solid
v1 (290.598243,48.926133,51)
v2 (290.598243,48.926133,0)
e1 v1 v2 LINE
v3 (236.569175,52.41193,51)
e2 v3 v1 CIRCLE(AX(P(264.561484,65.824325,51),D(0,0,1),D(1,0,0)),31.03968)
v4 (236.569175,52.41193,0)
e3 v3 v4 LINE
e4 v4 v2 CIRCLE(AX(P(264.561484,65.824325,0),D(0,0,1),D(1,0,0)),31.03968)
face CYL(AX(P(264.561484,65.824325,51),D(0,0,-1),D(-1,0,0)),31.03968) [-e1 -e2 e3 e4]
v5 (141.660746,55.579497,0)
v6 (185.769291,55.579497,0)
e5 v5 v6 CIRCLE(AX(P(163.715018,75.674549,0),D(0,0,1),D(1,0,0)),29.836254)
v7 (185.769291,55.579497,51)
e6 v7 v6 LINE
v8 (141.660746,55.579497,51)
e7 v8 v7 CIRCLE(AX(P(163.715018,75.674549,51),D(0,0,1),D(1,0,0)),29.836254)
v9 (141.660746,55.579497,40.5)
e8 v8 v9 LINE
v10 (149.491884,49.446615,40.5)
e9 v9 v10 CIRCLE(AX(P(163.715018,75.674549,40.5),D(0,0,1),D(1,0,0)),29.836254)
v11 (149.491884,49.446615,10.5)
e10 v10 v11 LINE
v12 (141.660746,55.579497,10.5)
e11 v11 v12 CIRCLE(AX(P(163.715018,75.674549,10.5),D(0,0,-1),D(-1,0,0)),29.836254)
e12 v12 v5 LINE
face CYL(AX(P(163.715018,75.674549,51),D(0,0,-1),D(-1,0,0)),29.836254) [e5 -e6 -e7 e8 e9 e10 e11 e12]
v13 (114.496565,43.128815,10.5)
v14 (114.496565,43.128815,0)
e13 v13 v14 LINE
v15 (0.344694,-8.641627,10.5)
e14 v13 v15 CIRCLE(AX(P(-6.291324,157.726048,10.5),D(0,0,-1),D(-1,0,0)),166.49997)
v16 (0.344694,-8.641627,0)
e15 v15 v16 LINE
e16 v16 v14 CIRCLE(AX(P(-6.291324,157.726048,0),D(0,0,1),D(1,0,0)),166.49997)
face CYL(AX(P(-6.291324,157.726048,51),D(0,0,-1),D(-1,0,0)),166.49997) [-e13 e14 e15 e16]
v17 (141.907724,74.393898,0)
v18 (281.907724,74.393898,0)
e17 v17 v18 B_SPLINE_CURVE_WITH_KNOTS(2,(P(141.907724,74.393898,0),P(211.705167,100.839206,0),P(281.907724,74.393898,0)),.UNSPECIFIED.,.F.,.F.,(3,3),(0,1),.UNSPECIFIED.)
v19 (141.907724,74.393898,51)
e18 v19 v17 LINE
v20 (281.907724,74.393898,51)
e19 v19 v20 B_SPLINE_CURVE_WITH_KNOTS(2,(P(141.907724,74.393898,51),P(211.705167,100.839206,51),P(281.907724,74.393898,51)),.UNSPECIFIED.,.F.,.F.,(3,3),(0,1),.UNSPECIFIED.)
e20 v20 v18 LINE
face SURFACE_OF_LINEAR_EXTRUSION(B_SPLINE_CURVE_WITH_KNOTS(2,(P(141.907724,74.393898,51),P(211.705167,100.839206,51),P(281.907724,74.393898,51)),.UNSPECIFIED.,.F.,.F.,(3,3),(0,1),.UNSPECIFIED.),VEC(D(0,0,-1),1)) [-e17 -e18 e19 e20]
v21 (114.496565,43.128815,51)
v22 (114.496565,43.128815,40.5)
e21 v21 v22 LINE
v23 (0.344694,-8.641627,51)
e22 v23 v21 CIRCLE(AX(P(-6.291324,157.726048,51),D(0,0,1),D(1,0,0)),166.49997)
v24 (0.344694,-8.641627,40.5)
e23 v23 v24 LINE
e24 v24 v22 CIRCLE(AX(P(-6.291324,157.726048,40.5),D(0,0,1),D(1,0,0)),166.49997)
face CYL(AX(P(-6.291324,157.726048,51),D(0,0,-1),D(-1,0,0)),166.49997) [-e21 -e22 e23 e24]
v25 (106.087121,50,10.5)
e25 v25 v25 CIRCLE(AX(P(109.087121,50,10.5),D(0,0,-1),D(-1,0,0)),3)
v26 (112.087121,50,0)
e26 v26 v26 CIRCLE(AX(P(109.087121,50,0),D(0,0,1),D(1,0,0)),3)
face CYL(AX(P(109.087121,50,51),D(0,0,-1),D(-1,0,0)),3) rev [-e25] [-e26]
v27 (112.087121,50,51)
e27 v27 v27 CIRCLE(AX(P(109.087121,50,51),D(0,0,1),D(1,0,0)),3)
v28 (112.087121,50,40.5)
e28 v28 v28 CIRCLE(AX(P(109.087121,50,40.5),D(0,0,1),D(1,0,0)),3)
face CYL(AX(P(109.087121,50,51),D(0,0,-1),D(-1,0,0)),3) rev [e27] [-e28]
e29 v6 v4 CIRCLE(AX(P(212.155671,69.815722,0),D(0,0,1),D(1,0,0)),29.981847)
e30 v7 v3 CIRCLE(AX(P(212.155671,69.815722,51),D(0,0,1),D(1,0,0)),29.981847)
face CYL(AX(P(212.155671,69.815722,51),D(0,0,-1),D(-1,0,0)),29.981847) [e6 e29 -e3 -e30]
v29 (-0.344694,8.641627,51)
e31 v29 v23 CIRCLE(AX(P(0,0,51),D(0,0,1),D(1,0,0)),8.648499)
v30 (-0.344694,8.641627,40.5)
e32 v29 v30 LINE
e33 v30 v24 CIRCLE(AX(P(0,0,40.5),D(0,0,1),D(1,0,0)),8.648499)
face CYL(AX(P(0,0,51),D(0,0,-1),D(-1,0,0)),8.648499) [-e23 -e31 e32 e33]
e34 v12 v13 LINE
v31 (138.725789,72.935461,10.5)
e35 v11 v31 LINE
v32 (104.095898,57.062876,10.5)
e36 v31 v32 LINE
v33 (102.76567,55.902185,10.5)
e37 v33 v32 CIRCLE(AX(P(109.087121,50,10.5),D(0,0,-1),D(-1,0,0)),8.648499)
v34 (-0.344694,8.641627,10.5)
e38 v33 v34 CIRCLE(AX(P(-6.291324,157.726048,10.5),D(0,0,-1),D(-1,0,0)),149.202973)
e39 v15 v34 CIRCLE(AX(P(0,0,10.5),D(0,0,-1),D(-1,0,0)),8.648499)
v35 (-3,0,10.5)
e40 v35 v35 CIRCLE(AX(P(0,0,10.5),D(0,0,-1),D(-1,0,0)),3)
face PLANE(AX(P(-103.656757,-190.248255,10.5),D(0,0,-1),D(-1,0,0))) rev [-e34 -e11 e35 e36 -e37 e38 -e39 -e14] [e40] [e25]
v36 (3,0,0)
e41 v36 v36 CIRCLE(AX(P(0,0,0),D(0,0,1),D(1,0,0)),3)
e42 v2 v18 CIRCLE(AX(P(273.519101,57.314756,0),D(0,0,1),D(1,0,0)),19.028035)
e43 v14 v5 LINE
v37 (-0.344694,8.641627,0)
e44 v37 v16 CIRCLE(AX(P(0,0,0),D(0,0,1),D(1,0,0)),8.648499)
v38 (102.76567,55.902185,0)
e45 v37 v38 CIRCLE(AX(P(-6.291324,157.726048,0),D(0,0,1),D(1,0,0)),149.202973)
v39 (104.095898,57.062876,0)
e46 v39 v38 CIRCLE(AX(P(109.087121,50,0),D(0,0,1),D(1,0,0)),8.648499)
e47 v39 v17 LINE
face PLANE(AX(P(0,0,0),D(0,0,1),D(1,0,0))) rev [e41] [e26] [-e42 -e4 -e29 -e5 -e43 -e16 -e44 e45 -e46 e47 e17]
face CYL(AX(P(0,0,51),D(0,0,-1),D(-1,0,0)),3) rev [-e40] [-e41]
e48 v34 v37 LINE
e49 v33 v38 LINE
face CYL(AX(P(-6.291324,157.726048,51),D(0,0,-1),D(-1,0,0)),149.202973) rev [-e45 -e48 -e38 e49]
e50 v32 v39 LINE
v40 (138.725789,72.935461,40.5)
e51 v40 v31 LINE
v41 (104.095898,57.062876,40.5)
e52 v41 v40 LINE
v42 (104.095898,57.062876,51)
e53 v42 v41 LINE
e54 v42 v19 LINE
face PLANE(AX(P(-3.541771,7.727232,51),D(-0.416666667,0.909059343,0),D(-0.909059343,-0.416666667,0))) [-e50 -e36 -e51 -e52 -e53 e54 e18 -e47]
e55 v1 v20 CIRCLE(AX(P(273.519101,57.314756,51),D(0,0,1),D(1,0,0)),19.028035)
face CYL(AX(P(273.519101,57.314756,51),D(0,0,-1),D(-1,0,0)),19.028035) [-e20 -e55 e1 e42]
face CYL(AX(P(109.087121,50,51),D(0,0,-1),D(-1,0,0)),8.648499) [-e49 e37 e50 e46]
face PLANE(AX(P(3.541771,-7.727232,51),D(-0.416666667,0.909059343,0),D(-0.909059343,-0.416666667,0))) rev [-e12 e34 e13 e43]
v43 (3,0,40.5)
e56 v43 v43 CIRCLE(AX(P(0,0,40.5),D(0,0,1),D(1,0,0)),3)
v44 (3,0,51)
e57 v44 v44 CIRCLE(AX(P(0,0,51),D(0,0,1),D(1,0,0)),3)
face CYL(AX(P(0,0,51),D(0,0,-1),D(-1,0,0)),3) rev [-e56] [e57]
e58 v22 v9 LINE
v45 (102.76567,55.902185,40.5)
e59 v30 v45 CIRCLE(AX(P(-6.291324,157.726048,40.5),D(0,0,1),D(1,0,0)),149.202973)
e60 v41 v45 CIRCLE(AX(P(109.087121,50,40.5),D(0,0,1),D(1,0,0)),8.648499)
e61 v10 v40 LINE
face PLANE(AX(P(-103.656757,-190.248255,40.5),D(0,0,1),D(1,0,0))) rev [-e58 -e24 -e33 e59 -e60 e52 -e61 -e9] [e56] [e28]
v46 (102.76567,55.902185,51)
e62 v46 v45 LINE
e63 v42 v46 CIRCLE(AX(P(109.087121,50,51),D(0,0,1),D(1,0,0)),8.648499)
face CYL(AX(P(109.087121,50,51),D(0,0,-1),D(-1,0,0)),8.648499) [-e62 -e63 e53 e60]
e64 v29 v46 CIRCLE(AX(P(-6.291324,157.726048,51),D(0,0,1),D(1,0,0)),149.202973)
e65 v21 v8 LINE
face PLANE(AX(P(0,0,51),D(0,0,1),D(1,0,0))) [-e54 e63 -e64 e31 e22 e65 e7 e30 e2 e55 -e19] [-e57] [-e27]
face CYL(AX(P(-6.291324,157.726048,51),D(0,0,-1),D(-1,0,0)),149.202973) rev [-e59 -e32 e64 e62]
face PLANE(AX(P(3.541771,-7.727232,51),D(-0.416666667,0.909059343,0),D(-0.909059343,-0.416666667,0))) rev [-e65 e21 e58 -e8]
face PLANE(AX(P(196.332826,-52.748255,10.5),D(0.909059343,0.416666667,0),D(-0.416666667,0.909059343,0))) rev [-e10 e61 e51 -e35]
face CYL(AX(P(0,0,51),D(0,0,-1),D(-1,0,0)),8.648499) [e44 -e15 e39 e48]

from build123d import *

# Parameters (mm, degrees)
CROQUIS1_R                 = 3
SALIENTE_EXTRUIR1_DEPTH    = 51
CORTAR_EXTRUIR1_DEPTH      = 311.888957589
CORTAR_EXTRUIR1_DEPTH_BACK = 311.888957589
CROQUIS2_W                 = 330
CROQUIS2_H                 = 30


with BuildPart() as part:
    # Croquis1 → Saliente-Extruir1 (new body)
    # profile 1 of 4: a face of its own
    with BuildSketch(Plane.XY):
        with BuildLine():
            Line((141.907724078, 74.393898239), (106.994802629, 58.391586929))
            ThreePointArc((106.994802629, 58.391586929), (116.540266028, 54.387158459), (115.408572004, 44.097815064))
            ThreePointArc((115.408572004, 44.097815064), (114.953536771, 43.612404014), (114.496565447, 43.128815181))
            Line((114.496565447, 43.128815181), (141.660745717, 55.579496794))
            ThreePointArc((141.660745717, 55.579496794), (163.715018222, 45.838294791), (185.769290727, 55.579496794))
            ThreePointArc((185.769290727, 55.579496794), (210.289811625, 39.891989826), (236.56917478, 52.411929606))
            ThreePointArc((236.56917478, 52.411929606), (262.563049751, 34.849044969), (290.598242925, 48.926132611))
            ThreePointArc((290.598242925, 48.926132611), (291.527530464, 63.45988081), (281.907724078, 74.393898239))
            add(Edge.make_bspline(
                [(141.907724078, 74.393898239), (211.705167047, 100.839206128), (281.907724078, 74.393898239)],
                knots=[0, 0, 0, 1, 1, 1], degree=2))
        make_face()
    # profile 2 of 4: a face of its own
    with BuildSketch(Plane.XY):
        with BuildLine():
            ThreePointArc((105.545350362, 57.727231572), (116.814352718, 53.541770784), (112.62889193, 42.272768428))
            Line((112.62889193, 42.272768428), (114.496565447, 43.128815181))
            ThreePointArc((114.496565447, 43.128815181), (114.953536771, 43.612404014), (115.408572004, 44.097815064))
            ThreePointArc((115.408572004, 44.097815064), (116.540266028, 54.387158459), (106.994802629, 58.391586929))
            Line((106.994802629, 58.391586929), (105.545350362, 57.727231572))
        make_face()
    # profile 3 of 4: a face of its own
    with BuildSketch(Plane.XY):
        with BuildLine():
            Line((-2.092318518, 8.391586929), (-3.541770784, 7.727231572))
            ThreePointArc((-3.541770784, 7.727231572), (-7.727231572, -3.541770784), (3.541770784, -7.727231572))
            Line((3.541770784, -7.727231572), (112.62889193, 42.272768428))
            ThreePointArc((112.62889193, 42.272768428), (116.814352718, 53.541770784), (105.545350362, 57.727231572))
            Line((105.545350362, 57.727231572), (104.095898096, 57.062876215))
            ThreePointArc((104.095898096, 57.062876215), (103.401090123, 56.516561913), (102.765670289, 55.902184936))
            ThreePointArc((102.765670289, 55.902184936), (55.876581472, 22.091691755), (-0.344694323, 8.641626802))
            ThreePointArc((-0.344694323, 8.641626802), (-1.224903213, 8.561316493), (-2.092318518, 8.391586929))
        make_face()
        Circle(CROQUIS1_R, mode=Mode.SUBTRACT)
        with Locations((109.087121146, 50)):
            Circle(CROQUIS1_R, mode=Mode.SUBTRACT)
    # profile 4 of 4: a face of its own
    with BuildSketch(Plane.XY):
        with BuildLine():
            ThreePointArc((3.541770784, -7.727231572), (-7.727231572, -3.541770784), (-3.541770784, 7.727231572))
            Line((-3.541770784, 7.727231572), (-2.092318518, 8.391586929))
            ThreePointArc((-2.092318518, 8.391586929), (-8.561316493, -1.224903213), (0.344694323, -8.641626802))
            ThreePointArc((0.344694323, -8.641626802), (62.478274911, 6.091677747), (114.496565447, 43.128815181))
            Line((114.496565447, 43.128815181), (112.62889193, 42.272768428))
            Line((112.62889193, 42.272768428), (3.541770784, -7.727231572))
        make_face()
    extrude(amount=SALIENTE_EXTRUIR1_DEPTH)

    # Croquis2 → Cortar-Extruir1 (cut, two sides: drawn at the far end of the back side and taken through both)
    with BuildSketch(Plane(origin=(-3.541770784, 7.727231572, 0), x_dir=(0.9090593428863096, 0.4166666666666667, 0), z_dir=(-0.41666666666666663, 0.9090593428863095, 0)).offset(-CORTAR_EXTRUIR1_DEPTH_BACK)):
        with Locations((-8.500249882, -25.5)):
            Rectangle(CROQUIS2_W, CROQUIS2_H)
    extrude(amount=CORTAR_EXTRUIR1_DEPTH + CORTAR_EXTRUIR1_DEPTH_BACK, mode=Mode.SUBTRACT)


solid = part.part
